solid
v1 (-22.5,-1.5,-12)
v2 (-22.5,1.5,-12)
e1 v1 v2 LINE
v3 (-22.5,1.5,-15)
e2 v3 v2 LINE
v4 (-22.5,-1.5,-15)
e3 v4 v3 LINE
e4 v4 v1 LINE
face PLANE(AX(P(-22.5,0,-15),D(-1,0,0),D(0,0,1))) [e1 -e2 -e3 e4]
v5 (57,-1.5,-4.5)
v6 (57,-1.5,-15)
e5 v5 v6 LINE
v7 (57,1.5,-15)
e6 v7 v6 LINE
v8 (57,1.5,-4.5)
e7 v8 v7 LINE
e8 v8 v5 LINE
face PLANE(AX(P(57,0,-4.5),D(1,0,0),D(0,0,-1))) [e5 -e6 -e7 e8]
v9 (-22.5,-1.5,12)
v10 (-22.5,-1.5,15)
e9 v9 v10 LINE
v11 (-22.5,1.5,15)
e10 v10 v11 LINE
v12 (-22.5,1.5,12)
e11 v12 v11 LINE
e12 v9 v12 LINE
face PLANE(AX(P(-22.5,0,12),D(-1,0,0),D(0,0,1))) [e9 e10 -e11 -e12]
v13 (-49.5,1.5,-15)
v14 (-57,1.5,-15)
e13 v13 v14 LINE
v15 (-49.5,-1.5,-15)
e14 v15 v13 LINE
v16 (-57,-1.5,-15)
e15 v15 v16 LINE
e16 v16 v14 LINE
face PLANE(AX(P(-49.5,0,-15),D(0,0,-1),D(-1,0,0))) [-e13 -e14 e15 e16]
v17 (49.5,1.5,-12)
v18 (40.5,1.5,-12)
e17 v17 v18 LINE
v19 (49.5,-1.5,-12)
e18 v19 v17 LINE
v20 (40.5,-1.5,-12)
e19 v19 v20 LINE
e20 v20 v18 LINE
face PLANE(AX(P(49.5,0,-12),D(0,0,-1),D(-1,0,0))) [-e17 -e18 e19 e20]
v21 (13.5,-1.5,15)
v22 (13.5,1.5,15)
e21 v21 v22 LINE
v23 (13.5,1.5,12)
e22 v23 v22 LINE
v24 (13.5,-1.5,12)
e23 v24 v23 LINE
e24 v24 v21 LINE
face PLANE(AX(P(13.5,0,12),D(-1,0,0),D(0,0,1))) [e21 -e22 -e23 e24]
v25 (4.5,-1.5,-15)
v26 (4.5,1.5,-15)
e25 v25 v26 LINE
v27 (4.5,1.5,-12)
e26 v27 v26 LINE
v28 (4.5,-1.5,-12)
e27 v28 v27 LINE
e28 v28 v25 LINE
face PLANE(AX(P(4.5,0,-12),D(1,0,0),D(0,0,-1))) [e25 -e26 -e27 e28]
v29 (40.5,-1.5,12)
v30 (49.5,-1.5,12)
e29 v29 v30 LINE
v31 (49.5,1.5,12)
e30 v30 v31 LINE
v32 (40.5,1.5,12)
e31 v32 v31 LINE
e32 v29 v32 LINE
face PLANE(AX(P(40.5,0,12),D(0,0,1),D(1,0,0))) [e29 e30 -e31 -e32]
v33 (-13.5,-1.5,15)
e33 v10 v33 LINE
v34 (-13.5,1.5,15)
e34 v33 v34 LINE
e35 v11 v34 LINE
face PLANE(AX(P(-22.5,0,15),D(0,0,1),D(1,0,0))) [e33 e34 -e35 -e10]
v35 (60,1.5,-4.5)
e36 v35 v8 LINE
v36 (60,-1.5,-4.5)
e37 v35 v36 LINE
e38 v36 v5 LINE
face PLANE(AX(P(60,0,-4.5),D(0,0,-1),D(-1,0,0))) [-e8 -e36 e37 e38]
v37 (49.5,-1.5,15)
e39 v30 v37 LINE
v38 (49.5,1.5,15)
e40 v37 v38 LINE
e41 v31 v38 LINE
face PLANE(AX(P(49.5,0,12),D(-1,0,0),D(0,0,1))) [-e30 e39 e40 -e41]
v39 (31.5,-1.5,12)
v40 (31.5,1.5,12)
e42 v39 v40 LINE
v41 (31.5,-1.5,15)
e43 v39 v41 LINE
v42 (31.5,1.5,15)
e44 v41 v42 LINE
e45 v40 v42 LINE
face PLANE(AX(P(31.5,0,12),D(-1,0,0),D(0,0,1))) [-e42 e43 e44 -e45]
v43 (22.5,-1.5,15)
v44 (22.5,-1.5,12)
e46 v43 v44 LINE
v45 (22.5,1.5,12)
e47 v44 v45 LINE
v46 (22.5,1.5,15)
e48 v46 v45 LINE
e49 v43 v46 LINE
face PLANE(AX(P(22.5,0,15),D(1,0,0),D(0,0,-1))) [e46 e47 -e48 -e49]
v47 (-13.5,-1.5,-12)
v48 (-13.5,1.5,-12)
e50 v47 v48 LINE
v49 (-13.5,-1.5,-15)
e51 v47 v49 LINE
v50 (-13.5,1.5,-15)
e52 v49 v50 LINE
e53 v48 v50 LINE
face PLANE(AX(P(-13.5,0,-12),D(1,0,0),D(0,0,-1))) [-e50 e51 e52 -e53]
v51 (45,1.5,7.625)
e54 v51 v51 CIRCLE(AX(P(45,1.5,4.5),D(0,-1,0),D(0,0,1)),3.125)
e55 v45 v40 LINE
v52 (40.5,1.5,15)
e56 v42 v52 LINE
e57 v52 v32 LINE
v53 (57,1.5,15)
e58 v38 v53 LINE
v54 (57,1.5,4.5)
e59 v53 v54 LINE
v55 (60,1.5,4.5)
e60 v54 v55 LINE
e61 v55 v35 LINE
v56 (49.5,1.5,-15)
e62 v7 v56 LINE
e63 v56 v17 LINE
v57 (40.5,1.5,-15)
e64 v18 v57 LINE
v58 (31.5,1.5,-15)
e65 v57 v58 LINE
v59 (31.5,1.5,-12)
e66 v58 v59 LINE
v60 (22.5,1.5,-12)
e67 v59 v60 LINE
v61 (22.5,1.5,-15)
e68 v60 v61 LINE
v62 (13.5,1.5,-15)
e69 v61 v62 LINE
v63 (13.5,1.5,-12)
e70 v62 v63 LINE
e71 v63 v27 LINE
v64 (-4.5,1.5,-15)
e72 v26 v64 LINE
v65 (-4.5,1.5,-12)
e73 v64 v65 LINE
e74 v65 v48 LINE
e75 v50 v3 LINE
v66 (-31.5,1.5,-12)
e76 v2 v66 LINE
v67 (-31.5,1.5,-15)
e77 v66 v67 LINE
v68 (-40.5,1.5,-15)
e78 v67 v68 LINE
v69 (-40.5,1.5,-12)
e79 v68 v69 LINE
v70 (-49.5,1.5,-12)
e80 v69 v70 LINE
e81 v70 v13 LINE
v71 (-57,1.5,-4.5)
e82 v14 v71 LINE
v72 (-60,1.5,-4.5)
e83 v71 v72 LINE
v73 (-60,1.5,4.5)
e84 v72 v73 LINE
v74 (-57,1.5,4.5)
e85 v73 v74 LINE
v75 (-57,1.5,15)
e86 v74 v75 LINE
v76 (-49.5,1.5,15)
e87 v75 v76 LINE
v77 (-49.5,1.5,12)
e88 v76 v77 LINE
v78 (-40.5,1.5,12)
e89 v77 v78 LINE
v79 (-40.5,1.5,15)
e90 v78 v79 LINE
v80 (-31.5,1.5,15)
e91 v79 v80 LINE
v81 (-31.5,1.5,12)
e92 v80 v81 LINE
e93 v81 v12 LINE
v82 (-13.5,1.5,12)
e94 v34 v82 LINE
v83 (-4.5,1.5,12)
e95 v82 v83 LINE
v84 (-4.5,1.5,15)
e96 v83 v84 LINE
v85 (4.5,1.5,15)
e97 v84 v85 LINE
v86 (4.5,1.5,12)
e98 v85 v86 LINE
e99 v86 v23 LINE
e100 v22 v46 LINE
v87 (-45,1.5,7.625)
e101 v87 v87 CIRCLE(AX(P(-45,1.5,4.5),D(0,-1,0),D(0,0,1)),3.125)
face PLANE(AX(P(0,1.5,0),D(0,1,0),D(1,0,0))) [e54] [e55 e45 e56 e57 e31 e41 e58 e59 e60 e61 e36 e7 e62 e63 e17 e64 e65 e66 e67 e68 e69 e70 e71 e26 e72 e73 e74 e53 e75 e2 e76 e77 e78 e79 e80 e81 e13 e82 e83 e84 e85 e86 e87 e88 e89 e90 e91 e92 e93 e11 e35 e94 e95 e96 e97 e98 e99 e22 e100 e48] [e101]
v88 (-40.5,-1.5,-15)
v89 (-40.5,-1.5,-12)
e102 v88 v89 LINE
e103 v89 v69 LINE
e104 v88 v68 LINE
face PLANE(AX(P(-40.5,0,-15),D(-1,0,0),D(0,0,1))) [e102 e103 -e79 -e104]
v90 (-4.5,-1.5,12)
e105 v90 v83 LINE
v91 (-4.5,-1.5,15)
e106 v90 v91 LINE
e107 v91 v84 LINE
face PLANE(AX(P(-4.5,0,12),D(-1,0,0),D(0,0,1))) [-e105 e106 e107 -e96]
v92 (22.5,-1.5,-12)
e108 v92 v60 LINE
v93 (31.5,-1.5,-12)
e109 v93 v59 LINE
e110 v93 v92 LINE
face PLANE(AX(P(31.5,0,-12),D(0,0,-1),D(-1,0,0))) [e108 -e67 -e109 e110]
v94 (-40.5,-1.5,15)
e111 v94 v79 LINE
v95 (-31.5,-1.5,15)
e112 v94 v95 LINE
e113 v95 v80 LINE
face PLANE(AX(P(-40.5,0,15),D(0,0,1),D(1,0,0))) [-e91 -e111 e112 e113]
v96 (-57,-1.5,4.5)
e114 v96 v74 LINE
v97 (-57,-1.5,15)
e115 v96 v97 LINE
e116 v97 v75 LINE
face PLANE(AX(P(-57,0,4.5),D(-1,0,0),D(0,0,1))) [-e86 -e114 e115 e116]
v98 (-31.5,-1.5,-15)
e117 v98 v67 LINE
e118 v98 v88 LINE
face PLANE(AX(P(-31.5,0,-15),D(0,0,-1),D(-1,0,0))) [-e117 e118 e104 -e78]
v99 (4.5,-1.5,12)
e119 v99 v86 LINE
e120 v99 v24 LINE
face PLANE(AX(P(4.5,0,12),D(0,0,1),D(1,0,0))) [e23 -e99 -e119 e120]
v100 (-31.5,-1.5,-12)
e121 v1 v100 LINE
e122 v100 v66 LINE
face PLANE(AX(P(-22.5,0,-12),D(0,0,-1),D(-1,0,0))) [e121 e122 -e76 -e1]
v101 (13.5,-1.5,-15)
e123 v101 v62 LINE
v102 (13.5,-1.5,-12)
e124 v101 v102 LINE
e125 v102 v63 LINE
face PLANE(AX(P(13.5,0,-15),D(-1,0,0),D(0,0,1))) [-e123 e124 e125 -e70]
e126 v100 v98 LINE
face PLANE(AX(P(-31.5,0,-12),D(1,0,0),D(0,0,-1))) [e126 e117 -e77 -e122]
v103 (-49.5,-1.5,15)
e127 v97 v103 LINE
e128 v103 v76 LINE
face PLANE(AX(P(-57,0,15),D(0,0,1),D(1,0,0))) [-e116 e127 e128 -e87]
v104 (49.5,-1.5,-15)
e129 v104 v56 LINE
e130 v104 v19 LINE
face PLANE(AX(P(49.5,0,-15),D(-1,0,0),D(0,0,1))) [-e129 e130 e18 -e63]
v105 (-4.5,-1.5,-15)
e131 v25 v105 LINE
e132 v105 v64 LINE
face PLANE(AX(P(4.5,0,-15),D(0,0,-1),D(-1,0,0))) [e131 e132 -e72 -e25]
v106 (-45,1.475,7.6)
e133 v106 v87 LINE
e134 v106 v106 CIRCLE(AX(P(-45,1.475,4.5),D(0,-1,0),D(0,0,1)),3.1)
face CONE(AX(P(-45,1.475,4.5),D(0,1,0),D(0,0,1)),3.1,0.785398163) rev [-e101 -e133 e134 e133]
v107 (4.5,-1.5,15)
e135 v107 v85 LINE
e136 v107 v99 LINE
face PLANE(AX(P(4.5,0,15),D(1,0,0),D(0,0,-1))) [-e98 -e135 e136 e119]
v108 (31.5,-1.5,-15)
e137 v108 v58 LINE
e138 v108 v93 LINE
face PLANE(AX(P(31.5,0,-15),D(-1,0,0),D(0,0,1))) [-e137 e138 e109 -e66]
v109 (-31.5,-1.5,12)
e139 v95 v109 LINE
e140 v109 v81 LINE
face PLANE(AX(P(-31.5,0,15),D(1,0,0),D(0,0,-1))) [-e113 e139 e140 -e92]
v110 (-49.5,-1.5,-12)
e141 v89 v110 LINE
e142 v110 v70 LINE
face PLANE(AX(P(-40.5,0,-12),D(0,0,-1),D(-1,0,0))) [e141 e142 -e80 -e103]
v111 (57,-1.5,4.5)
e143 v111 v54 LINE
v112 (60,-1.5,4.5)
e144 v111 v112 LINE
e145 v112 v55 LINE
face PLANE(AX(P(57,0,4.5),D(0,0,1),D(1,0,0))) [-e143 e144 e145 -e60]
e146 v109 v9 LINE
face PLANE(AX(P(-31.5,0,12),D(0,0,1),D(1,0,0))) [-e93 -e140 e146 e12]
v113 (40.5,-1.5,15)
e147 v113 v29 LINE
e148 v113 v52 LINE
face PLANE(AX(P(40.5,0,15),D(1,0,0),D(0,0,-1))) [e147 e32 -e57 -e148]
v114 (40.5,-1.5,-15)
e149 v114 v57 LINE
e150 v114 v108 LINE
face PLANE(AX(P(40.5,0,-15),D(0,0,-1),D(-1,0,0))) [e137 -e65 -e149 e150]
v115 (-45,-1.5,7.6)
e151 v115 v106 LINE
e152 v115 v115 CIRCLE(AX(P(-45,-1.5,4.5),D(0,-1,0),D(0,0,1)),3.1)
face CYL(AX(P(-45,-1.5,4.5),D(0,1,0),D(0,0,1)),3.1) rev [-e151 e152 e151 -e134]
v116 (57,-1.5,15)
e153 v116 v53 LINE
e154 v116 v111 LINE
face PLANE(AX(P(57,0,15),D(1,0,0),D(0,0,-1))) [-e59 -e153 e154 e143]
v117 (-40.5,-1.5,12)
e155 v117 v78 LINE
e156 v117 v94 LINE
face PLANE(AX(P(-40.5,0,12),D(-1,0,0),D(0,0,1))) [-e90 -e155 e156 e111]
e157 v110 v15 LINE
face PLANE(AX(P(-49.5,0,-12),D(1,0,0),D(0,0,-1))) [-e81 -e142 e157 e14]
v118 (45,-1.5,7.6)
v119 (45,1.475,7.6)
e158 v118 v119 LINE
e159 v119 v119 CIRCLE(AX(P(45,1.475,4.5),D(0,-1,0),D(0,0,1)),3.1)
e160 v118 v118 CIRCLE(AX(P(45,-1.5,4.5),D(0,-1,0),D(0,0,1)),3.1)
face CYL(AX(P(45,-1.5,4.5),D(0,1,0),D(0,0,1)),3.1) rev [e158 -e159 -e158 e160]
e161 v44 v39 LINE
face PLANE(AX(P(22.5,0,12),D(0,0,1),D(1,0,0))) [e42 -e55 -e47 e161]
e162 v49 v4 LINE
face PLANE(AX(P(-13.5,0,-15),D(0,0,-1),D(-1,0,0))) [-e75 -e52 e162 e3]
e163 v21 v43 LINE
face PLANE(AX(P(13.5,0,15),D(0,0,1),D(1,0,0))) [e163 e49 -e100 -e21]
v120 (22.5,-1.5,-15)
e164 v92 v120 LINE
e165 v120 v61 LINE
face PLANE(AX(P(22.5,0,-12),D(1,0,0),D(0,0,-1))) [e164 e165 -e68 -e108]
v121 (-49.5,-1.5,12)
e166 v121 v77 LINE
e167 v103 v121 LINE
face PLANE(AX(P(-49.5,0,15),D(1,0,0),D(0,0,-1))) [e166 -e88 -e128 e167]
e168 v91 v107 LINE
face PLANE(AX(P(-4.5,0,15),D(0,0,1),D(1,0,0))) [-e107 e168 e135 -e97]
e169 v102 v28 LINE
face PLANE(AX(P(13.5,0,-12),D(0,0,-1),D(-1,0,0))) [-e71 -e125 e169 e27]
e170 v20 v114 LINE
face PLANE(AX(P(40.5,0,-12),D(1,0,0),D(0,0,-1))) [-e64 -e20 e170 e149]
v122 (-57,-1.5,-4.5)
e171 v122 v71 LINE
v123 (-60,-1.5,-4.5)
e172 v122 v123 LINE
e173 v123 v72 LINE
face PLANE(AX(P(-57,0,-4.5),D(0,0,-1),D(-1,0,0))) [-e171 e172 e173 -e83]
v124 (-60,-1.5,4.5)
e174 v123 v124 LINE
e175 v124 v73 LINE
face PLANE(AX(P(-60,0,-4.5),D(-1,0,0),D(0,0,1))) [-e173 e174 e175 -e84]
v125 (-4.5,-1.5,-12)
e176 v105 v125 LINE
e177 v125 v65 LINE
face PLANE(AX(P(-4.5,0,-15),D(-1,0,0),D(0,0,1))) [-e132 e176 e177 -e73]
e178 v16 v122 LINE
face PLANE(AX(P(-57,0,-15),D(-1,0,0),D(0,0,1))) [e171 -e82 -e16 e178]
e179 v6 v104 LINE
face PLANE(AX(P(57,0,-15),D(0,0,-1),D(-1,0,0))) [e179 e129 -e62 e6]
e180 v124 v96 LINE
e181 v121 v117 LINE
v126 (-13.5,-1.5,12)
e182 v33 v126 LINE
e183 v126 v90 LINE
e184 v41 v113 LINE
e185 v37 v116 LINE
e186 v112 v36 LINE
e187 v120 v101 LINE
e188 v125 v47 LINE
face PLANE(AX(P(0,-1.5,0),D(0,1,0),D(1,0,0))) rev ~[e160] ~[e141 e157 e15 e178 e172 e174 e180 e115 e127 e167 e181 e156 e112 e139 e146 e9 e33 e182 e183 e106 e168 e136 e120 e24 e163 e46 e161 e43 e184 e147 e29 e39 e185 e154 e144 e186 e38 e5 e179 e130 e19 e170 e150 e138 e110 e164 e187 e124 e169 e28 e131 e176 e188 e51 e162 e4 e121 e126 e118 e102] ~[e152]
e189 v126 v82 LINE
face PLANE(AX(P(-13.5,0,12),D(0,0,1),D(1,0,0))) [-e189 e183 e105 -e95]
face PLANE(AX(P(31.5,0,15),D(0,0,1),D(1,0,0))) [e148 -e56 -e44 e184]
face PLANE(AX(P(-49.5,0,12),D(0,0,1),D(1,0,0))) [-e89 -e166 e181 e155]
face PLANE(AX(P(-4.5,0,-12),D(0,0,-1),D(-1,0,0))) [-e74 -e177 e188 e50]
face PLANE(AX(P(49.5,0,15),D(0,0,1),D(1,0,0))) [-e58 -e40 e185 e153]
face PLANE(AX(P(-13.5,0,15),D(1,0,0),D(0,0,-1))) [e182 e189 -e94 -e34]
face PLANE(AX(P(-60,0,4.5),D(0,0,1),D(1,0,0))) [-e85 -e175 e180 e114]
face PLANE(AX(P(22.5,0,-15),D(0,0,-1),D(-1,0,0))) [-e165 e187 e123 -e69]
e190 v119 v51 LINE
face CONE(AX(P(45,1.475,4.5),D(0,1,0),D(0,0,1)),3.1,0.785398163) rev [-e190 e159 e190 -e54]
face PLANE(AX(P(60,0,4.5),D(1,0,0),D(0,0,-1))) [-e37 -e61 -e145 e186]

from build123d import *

# Parameters (mm, degrees)
BOSS_EXTRUDE1_DEPTH                 = 1.5
F_6_2_6_2_DIAMETER_HOLE1_AT_2_COUNT = 2
F_6_2_6_2_DIAMETER_HOLE1_AT_2_PITCH = 90


with BuildPart() as part:
    # Sketch1 → Boss-Extrude1 (new, symmetric)
    with BuildSketch(Plane(origin=(0, 0, 0), x_dir=(1, 0, 0), z_dir=(0, 1, 0))):
        Polygon((57, 15), (49.5, 15), (49.5, 12), (40.5, 12), (40.5, 15), (31.5, 15), (31.5, 12), (22.5, 12), (22.5, 15), (13.5, 15), (13.5, 12), (4.5, 12), (4.5, 15), (-4.5, 15), (-4.5, 12), (-13.5, 12), (-13.5, 15), (-22.5, 15), (-22.5, 12), (-31.5, 12), (-31.5, 15), (-40.5, 15), (-40.5, 12), (-49.5, 12), (-49.5, 15), (-57, 15), (-57, 12), (-57, 4.5), (-60, 4.5), (-60, -4.5), (-57, -4.5), (-57, -12), (-57, -15), (-49.5, -15), (-49.5, -12), (-40.5, -12), (-40.5, -15), (-31.5, -15), (-31.5, -12), (-22.5, -12), (-22.5, -15), (-13.5, -15), (-13.5, -12), (-4.5, -12), (-4.5, -15), (4.5, -15), (4.5, -12), (13.5, -12), (13.5, -15), (22.5, -15), (22.5, -12), (31.5, -12), (31.5, -15), (40.5, -15), (40.5, -12), (49.5, -12), (49.5, -15), (57, -15), (57, -12), (57, -4.5), (60, -4.5), (60, 4.5), (57, 4.5), (57, 12), align=None)
    extrude(amount=BOSS_EXTRUDE1_DEPTH, both=True)

    # Sketch4 → Ø6.2 (6.2) Diameter Hole1 (revolve, cut)
    with BuildSketch(Plane(origin=(-45, 1.5, 4.5), x_dir=(0, 0, 1), z_dir=(1, 0, 0))):
        Polygon((0, 0), (0, 3), (3.1, 3), (3.1, 0.025), (3.125, 0), align=None)
    f_6_2_6_2_diameter_hole1 = revolve(axis=Axis((-45, 7.85, 4.5), (0, -1, 0)), mode=Mode.SUBTRACT)

    # Ø6.2 (6.2) Diameter Hole1 at 2: Ø6.2 (6.2) Diameter Hole1 ×2
    with Locations(*[(i * F_6_2_6_2_DIAMETER_HOLE1_AT_2_PITCH, 0, 0) for i in range(1, F_6_2_6_2_DIAMETER_HOLE1_AT_2_COUNT)]):
        add(f_6_2_6_2_diameter_hole1, mode=Mode.SUBTRACT)


solid = part.part
